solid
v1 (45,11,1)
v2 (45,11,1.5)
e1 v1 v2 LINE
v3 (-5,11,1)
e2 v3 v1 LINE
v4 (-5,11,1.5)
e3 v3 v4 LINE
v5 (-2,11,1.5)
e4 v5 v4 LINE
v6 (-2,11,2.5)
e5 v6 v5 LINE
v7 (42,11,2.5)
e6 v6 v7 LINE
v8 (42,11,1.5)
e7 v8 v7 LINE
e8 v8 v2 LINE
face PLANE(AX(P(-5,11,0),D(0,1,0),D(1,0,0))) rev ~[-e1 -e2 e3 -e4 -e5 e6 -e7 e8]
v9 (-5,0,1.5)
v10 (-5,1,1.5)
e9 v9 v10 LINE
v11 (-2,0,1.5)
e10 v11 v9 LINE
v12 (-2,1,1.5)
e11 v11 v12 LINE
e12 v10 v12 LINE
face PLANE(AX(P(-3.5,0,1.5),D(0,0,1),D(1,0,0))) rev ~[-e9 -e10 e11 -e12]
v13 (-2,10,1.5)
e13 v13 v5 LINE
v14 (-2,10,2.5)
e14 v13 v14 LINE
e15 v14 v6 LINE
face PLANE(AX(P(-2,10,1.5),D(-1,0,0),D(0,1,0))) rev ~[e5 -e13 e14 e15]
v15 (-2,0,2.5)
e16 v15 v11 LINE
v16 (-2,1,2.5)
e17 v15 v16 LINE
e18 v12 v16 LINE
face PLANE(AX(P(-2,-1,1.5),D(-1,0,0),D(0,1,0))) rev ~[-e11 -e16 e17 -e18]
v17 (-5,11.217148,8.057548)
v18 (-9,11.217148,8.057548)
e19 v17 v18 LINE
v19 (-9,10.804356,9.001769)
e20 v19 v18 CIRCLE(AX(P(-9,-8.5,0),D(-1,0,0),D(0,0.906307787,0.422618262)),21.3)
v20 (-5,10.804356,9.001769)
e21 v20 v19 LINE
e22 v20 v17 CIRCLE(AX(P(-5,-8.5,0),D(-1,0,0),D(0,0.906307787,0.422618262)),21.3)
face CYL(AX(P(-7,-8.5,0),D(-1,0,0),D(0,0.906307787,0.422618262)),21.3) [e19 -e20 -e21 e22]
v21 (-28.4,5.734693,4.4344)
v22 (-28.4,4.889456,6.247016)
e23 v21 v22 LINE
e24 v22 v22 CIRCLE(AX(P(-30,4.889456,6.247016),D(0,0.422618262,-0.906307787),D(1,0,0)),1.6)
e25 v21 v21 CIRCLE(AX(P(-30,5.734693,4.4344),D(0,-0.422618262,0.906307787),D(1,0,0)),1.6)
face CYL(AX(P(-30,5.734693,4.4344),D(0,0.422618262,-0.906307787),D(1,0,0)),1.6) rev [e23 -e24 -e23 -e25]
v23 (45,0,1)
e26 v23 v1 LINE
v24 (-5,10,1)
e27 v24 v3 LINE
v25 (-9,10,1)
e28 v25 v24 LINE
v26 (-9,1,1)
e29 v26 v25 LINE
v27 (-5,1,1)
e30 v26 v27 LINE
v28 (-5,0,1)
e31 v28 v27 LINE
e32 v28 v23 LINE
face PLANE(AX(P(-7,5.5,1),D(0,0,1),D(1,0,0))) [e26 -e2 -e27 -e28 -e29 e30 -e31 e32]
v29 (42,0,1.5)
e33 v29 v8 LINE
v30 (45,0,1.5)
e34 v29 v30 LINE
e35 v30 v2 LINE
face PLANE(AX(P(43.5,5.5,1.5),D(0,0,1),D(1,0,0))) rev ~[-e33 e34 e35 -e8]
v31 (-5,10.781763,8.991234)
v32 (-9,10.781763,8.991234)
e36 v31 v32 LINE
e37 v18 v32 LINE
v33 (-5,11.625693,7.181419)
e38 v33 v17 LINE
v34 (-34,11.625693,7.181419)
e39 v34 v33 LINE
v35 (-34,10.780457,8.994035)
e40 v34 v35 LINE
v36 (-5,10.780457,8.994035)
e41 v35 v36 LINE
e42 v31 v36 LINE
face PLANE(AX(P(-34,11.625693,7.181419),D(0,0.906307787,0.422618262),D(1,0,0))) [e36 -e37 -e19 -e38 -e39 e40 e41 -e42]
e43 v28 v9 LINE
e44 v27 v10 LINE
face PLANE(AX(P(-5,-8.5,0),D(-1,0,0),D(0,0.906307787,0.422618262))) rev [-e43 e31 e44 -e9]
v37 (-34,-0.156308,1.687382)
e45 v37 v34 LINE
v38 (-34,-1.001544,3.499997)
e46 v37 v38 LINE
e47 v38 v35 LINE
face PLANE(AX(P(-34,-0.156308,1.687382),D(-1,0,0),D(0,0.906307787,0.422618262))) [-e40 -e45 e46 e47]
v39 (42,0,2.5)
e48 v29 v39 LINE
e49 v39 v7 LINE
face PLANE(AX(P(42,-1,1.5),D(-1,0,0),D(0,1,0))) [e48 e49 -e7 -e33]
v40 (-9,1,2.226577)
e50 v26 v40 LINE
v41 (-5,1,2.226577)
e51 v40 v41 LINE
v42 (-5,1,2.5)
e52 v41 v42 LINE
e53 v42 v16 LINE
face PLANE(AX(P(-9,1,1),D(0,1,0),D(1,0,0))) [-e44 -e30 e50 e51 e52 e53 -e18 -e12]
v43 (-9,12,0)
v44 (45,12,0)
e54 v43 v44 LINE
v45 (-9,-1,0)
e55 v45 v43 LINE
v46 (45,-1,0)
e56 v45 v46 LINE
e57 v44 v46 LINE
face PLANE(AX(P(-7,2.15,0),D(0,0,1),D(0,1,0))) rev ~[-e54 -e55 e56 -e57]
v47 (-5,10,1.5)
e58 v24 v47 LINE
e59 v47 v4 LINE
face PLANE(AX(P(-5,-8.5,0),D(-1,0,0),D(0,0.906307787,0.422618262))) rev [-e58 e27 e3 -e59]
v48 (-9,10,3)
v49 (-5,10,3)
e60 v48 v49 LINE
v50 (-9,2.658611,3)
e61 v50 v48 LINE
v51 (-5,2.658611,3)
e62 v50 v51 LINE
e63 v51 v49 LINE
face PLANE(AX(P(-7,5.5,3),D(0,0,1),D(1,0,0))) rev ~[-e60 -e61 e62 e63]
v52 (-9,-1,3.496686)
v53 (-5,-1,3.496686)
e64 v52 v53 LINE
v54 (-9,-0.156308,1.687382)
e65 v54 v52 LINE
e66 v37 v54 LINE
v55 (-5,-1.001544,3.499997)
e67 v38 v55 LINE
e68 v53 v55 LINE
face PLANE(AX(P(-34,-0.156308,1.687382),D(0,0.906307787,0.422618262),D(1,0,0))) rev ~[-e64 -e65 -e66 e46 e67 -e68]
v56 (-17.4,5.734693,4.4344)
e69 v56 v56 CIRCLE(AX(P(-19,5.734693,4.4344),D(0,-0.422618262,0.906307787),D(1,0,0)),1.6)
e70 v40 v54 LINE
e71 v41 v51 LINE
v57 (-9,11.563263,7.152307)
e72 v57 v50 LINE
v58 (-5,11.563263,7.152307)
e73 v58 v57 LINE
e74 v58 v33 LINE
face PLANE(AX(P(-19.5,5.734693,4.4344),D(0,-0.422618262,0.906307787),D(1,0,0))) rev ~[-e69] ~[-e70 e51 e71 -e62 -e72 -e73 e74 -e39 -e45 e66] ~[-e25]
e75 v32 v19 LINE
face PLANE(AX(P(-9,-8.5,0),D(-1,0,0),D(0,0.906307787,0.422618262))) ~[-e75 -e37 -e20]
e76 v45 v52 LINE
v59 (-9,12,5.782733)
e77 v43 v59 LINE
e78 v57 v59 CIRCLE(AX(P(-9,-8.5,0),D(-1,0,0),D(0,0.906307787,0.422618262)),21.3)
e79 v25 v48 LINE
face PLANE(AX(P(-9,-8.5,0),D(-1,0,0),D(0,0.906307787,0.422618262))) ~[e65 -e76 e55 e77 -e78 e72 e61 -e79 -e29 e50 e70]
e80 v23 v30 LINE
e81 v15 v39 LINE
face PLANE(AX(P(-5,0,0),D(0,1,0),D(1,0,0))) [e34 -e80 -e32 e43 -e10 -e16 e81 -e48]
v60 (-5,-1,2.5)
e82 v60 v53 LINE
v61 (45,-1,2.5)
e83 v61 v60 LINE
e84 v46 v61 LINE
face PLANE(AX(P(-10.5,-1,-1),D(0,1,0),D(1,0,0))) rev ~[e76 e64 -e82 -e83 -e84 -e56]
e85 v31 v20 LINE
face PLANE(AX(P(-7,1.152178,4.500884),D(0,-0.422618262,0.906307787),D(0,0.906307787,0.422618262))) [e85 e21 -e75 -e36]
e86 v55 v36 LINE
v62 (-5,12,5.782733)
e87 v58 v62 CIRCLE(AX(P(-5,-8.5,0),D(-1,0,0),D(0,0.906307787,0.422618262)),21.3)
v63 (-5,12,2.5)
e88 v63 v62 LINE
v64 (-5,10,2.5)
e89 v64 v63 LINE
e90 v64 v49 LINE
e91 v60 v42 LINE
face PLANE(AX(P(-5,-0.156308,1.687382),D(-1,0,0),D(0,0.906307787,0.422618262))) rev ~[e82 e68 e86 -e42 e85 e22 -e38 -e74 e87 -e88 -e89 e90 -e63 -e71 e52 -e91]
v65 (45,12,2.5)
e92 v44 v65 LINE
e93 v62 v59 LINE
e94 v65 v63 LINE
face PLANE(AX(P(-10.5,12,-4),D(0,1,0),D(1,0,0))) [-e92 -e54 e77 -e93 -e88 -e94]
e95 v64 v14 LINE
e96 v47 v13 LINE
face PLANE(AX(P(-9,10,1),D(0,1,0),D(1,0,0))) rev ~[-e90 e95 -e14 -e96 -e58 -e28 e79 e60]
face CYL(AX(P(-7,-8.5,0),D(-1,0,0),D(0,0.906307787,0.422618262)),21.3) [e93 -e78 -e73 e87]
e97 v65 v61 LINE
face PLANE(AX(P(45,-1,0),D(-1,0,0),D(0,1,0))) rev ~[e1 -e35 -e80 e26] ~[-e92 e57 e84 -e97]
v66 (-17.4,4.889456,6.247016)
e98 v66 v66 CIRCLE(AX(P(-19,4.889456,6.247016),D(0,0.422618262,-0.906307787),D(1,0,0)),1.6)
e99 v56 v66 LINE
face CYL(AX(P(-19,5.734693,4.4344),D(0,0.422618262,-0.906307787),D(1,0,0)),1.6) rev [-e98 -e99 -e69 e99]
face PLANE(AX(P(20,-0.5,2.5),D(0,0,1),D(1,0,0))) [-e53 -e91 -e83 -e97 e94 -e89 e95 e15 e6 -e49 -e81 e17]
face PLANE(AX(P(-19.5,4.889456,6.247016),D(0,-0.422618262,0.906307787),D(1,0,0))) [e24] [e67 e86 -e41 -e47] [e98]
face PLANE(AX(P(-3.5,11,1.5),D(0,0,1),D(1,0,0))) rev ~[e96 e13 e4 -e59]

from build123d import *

# Parameters (mm, degrees)
BOX014_W                 = 3
BOX014_H                 = 2
BOX014_DEPTH             = 1
BOX013_W                 = 50
BOX013_H                 = 1
BOX013_DEPTH             = 2.5
BOX012_W                 = 50
BOX012_H                 = 1
BOX012_DEPTH             = 2.5
BOX011_W                 = 3
BOX011_H                 = 13
BOX011_DEPTH             = 1
BOX009_W                 = 4
BOX009_H                 = 9
BOX009_DEPTH             = 2
BOX008_W                 = 10
BOX008_H                 = 10
BOX008_DEPTH             = 10
BOX007_W                 = 10
BOX007_H                 = 10
BOX007_DEPTH             = 10
CYLINDER_W               = 21.3
CYLINDER_H               = 4
CYLINDER_ANGLE           = 25
CYLINDER_ROLL_ANGLE      = -90
CYLINDER_PITCH_ANGLE     = -25
CYLINDER_PLACEMENT_ANGLE = 90
BOX010_W                 = 50
BOX010_H                 = 13
BOX010_DEPTH             = 1
CYLINDER001_R            = 1.6
CYLINDER001_DEPTH        = 10
CYLINDER002_R            = 1.6
CYLINDER002_DEPTH        = 10
BOX006_W                 = 29
BOX006_H                 = 13
BOX006_DEPTH             = 2
CUT004_PLACEMENT_ANGLE   = 25
BOX015_W                 = 3
BOX015_H                 = 2
BOX015_DEPTH             = 1


with BuildPart() as cube014:
    # Box014 → Box014 (new body)
    with BuildSketch(Plane(origin=(-5, -1, 1.5), x_dir=(1, 0, 0), z_dir=(0, 0, 1))):
        with Locations((1.5, 1)):
            Rectangle(BOX014_W, BOX014_H)
    extrude(amount=BOX014_DEPTH)


with BuildPart() as cube013:
    # Box013 → Box013 (new body)
    with BuildSketch(Plane(origin=(-5, 11, 0), x_dir=(1, 0, 0), z_dir=(0, 0, 1))):
        with Locations((25, 0.5)):
            Rectangle(BOX013_W, BOX013_H)
    extrude(amount=BOX013_DEPTH)


with BuildPart() as cube012:
    # Box012 → Box012 (new body)
    with BuildSketch(Plane(origin=(-5, -1, 0), x_dir=(1, 0, 0), z_dir=(0, 0, 1))):
        with Locations((25, 0.5)):
            Rectangle(BOX012_W, BOX012_H)
    extrude(amount=BOX012_DEPTH)


with BuildPart() as cube011:
    # Box011 → Box011 (new body)
    with BuildSketch(Plane(origin=(42, -1, 1.5), x_dir=(1, 0, 0), z_dir=(0, 0, 1))):
        with Locations((1.5, 6.5)):
            Rectangle(BOX011_W, BOX011_H)
    extrude(amount=BOX011_DEPTH)


with BuildPart() as cube009:
    # Box009 → Box009 (new body)
    with BuildSketch(Plane(origin=(-9, 1, 1), x_dir=(1, 0, 0), z_dir=(0, 0, 1))):
        with Locations((2, 4.5)):
            Rectangle(BOX009_W, BOX009_H)
    extrude(amount=BOX009_DEPTH)


with BuildPart() as cube008:
    # Box008 → Box008 (new body)
    with BuildSketch(Plane(origin=(-10.5, 12, -5), x_dir=(1, 0, 0), z_dir=(0, 0, 1))):
        with Locations((5, 5)):
            Rectangle(BOX008_W, BOX008_H)
    extrude(amount=BOX008_DEPTH)


with BuildPart() as cube007:
    # Box007 → Box007 (new body)
    with BuildSketch(Plane(origin=(-10.5, -11, -2), x_dir=(1, 0, 0), z_dir=(0, 0, 1))):
        with Locations((5, 5)):
            Rectangle(BOX007_W, BOX007_H)
    extrude(amount=BOX007_DEPTH)


with BuildPart() as cut007:
    # Cylinder → Cylinder (revolve)
    with BuildSketch(Plane.XZ):
        with Locations((10.65, 2)):
            Rectangle(CYLINDER_W, CYLINDER_H)
    revolve(axis=Axis((0, 0, 0), (0, 0, 1)), revolution_arc=CYLINDER_ANGLE)


with BuildPart() as cut007_1:
    # Cylinder roll: moved
    add(cut007.part.rotate(Axis((0, 0, 0), (1, 0, 0)), CYLINDER_ROLL_ANGLE))


with BuildPart() as cut007_2:
    # Cylinder pitch: moved
    add(cut007_1.part.rotate(Axis((0, 0, 0), (0, 1, 0)), CYLINDER_PITCH_ANGLE))


with BuildPart() as cut007_3:
    # Cylinder placement: moved
    add(cut007_2.part.moved(Location((-5, -8.5, -1))).rotate(Axis((-5, -8.5, -1), (0, 0, 1)), CYLINDER_PLACEMENT_ANGLE))

    # Cut005: cut Cube007
    add(cube007.part, mode=Mode.SUBTRACT)

    # Cut006: cut Cube008
    add(cube008.part, mode=Mode.SUBTRACT)


with BuildPart() as cut007_4:
    # Cut006 placement: moved
    add(cut007_3.part.moved(Location((0, 0, 1))))

    # Cut007: cut Cube009
    add(cube009.part, mode=Mode.SUBTRACT)


with BuildPart() as cube010:
    # Box010 → Box010 (new body)
    with BuildSketch(Plane(origin=(-5, -1, 0), x_dir=(1, 0, 0), z_dir=(0, 0, 1))):
        with Locations((25, 6.5)):
            Rectangle(BOX010_W, BOX010_H)
    extrude(amount=BOX010_DEPTH)


with BuildPart() as cylinder001:
    # Cylinder001 → Cylinder001 (new body)
    with BuildSketch(Plane(origin=(-23, 5.5, 0), x_dir=(1, 0, 0), z_dir=(0, 0, 1))):
        Circle(CYLINDER001_R)
    extrude(amount=CYLINDER001_DEPTH)


with BuildPart() as fusion:
    # Cylinder002 → Cylinder002 (new body)
    with BuildSketch(Plane(origin=(-34, 5.5, 0), x_dir=(1, 0, 0), z_dir=(0, 0, 1))):
        Circle(CYLINDER002_R)
    extrude(amount=CYLINDER002_DEPTH)

    # Fusion: union Cylinder001
    add(cylinder001.part)


with BuildPart() as cut004:
    # Box006 → Box006 (new body)
    with BuildSketch(Plane(origin=(-38, -1, 0), x_dir=(1, 0, 0), z_dir=(0, 0, 1))):
        with Locations((14.5, 6.5)):
            Rectangle(BOX006_W, BOX006_H)
    extrude(amount=BOX006_DEPTH)

    # Cut004: cut Fusion
    add(fusion.part, mode=Mode.SUBTRACT)


with BuildPart() as cut004_1:
    # Cut004 placement: moved
    add(cut004.part.moved(Location((4, 0.75, 2.11))).rotate(Axis((4, 0.75, 2.11), (1, 0, 0)), CUT004_PLACEMENT_ANGLE))


with BuildPart() as fusion001:
    # Box015 → Box015 (new body)
    with BuildSketch(Plane(origin=(-5, 10, 1.5), x_dir=(1, 0, 0), z_dir=(0, 0, 1))):
        with Locations((1.5, 1)):
            Rectangle(BOX015_W, BOX015_H)
    extrude(amount=BOX015_DEPTH)

    # Fusion001: union Cube014, Cube013, Cube012, Cube011, Cut007, Cube010, Cut004
    add(cube014.part)
    add(cube013.part)
    add(cube012.part)
    add(cube011.part)
    add(cut007_4.part)
    add(cube010.part)
    add(cut004_1.part)


solid = fusion001.part
